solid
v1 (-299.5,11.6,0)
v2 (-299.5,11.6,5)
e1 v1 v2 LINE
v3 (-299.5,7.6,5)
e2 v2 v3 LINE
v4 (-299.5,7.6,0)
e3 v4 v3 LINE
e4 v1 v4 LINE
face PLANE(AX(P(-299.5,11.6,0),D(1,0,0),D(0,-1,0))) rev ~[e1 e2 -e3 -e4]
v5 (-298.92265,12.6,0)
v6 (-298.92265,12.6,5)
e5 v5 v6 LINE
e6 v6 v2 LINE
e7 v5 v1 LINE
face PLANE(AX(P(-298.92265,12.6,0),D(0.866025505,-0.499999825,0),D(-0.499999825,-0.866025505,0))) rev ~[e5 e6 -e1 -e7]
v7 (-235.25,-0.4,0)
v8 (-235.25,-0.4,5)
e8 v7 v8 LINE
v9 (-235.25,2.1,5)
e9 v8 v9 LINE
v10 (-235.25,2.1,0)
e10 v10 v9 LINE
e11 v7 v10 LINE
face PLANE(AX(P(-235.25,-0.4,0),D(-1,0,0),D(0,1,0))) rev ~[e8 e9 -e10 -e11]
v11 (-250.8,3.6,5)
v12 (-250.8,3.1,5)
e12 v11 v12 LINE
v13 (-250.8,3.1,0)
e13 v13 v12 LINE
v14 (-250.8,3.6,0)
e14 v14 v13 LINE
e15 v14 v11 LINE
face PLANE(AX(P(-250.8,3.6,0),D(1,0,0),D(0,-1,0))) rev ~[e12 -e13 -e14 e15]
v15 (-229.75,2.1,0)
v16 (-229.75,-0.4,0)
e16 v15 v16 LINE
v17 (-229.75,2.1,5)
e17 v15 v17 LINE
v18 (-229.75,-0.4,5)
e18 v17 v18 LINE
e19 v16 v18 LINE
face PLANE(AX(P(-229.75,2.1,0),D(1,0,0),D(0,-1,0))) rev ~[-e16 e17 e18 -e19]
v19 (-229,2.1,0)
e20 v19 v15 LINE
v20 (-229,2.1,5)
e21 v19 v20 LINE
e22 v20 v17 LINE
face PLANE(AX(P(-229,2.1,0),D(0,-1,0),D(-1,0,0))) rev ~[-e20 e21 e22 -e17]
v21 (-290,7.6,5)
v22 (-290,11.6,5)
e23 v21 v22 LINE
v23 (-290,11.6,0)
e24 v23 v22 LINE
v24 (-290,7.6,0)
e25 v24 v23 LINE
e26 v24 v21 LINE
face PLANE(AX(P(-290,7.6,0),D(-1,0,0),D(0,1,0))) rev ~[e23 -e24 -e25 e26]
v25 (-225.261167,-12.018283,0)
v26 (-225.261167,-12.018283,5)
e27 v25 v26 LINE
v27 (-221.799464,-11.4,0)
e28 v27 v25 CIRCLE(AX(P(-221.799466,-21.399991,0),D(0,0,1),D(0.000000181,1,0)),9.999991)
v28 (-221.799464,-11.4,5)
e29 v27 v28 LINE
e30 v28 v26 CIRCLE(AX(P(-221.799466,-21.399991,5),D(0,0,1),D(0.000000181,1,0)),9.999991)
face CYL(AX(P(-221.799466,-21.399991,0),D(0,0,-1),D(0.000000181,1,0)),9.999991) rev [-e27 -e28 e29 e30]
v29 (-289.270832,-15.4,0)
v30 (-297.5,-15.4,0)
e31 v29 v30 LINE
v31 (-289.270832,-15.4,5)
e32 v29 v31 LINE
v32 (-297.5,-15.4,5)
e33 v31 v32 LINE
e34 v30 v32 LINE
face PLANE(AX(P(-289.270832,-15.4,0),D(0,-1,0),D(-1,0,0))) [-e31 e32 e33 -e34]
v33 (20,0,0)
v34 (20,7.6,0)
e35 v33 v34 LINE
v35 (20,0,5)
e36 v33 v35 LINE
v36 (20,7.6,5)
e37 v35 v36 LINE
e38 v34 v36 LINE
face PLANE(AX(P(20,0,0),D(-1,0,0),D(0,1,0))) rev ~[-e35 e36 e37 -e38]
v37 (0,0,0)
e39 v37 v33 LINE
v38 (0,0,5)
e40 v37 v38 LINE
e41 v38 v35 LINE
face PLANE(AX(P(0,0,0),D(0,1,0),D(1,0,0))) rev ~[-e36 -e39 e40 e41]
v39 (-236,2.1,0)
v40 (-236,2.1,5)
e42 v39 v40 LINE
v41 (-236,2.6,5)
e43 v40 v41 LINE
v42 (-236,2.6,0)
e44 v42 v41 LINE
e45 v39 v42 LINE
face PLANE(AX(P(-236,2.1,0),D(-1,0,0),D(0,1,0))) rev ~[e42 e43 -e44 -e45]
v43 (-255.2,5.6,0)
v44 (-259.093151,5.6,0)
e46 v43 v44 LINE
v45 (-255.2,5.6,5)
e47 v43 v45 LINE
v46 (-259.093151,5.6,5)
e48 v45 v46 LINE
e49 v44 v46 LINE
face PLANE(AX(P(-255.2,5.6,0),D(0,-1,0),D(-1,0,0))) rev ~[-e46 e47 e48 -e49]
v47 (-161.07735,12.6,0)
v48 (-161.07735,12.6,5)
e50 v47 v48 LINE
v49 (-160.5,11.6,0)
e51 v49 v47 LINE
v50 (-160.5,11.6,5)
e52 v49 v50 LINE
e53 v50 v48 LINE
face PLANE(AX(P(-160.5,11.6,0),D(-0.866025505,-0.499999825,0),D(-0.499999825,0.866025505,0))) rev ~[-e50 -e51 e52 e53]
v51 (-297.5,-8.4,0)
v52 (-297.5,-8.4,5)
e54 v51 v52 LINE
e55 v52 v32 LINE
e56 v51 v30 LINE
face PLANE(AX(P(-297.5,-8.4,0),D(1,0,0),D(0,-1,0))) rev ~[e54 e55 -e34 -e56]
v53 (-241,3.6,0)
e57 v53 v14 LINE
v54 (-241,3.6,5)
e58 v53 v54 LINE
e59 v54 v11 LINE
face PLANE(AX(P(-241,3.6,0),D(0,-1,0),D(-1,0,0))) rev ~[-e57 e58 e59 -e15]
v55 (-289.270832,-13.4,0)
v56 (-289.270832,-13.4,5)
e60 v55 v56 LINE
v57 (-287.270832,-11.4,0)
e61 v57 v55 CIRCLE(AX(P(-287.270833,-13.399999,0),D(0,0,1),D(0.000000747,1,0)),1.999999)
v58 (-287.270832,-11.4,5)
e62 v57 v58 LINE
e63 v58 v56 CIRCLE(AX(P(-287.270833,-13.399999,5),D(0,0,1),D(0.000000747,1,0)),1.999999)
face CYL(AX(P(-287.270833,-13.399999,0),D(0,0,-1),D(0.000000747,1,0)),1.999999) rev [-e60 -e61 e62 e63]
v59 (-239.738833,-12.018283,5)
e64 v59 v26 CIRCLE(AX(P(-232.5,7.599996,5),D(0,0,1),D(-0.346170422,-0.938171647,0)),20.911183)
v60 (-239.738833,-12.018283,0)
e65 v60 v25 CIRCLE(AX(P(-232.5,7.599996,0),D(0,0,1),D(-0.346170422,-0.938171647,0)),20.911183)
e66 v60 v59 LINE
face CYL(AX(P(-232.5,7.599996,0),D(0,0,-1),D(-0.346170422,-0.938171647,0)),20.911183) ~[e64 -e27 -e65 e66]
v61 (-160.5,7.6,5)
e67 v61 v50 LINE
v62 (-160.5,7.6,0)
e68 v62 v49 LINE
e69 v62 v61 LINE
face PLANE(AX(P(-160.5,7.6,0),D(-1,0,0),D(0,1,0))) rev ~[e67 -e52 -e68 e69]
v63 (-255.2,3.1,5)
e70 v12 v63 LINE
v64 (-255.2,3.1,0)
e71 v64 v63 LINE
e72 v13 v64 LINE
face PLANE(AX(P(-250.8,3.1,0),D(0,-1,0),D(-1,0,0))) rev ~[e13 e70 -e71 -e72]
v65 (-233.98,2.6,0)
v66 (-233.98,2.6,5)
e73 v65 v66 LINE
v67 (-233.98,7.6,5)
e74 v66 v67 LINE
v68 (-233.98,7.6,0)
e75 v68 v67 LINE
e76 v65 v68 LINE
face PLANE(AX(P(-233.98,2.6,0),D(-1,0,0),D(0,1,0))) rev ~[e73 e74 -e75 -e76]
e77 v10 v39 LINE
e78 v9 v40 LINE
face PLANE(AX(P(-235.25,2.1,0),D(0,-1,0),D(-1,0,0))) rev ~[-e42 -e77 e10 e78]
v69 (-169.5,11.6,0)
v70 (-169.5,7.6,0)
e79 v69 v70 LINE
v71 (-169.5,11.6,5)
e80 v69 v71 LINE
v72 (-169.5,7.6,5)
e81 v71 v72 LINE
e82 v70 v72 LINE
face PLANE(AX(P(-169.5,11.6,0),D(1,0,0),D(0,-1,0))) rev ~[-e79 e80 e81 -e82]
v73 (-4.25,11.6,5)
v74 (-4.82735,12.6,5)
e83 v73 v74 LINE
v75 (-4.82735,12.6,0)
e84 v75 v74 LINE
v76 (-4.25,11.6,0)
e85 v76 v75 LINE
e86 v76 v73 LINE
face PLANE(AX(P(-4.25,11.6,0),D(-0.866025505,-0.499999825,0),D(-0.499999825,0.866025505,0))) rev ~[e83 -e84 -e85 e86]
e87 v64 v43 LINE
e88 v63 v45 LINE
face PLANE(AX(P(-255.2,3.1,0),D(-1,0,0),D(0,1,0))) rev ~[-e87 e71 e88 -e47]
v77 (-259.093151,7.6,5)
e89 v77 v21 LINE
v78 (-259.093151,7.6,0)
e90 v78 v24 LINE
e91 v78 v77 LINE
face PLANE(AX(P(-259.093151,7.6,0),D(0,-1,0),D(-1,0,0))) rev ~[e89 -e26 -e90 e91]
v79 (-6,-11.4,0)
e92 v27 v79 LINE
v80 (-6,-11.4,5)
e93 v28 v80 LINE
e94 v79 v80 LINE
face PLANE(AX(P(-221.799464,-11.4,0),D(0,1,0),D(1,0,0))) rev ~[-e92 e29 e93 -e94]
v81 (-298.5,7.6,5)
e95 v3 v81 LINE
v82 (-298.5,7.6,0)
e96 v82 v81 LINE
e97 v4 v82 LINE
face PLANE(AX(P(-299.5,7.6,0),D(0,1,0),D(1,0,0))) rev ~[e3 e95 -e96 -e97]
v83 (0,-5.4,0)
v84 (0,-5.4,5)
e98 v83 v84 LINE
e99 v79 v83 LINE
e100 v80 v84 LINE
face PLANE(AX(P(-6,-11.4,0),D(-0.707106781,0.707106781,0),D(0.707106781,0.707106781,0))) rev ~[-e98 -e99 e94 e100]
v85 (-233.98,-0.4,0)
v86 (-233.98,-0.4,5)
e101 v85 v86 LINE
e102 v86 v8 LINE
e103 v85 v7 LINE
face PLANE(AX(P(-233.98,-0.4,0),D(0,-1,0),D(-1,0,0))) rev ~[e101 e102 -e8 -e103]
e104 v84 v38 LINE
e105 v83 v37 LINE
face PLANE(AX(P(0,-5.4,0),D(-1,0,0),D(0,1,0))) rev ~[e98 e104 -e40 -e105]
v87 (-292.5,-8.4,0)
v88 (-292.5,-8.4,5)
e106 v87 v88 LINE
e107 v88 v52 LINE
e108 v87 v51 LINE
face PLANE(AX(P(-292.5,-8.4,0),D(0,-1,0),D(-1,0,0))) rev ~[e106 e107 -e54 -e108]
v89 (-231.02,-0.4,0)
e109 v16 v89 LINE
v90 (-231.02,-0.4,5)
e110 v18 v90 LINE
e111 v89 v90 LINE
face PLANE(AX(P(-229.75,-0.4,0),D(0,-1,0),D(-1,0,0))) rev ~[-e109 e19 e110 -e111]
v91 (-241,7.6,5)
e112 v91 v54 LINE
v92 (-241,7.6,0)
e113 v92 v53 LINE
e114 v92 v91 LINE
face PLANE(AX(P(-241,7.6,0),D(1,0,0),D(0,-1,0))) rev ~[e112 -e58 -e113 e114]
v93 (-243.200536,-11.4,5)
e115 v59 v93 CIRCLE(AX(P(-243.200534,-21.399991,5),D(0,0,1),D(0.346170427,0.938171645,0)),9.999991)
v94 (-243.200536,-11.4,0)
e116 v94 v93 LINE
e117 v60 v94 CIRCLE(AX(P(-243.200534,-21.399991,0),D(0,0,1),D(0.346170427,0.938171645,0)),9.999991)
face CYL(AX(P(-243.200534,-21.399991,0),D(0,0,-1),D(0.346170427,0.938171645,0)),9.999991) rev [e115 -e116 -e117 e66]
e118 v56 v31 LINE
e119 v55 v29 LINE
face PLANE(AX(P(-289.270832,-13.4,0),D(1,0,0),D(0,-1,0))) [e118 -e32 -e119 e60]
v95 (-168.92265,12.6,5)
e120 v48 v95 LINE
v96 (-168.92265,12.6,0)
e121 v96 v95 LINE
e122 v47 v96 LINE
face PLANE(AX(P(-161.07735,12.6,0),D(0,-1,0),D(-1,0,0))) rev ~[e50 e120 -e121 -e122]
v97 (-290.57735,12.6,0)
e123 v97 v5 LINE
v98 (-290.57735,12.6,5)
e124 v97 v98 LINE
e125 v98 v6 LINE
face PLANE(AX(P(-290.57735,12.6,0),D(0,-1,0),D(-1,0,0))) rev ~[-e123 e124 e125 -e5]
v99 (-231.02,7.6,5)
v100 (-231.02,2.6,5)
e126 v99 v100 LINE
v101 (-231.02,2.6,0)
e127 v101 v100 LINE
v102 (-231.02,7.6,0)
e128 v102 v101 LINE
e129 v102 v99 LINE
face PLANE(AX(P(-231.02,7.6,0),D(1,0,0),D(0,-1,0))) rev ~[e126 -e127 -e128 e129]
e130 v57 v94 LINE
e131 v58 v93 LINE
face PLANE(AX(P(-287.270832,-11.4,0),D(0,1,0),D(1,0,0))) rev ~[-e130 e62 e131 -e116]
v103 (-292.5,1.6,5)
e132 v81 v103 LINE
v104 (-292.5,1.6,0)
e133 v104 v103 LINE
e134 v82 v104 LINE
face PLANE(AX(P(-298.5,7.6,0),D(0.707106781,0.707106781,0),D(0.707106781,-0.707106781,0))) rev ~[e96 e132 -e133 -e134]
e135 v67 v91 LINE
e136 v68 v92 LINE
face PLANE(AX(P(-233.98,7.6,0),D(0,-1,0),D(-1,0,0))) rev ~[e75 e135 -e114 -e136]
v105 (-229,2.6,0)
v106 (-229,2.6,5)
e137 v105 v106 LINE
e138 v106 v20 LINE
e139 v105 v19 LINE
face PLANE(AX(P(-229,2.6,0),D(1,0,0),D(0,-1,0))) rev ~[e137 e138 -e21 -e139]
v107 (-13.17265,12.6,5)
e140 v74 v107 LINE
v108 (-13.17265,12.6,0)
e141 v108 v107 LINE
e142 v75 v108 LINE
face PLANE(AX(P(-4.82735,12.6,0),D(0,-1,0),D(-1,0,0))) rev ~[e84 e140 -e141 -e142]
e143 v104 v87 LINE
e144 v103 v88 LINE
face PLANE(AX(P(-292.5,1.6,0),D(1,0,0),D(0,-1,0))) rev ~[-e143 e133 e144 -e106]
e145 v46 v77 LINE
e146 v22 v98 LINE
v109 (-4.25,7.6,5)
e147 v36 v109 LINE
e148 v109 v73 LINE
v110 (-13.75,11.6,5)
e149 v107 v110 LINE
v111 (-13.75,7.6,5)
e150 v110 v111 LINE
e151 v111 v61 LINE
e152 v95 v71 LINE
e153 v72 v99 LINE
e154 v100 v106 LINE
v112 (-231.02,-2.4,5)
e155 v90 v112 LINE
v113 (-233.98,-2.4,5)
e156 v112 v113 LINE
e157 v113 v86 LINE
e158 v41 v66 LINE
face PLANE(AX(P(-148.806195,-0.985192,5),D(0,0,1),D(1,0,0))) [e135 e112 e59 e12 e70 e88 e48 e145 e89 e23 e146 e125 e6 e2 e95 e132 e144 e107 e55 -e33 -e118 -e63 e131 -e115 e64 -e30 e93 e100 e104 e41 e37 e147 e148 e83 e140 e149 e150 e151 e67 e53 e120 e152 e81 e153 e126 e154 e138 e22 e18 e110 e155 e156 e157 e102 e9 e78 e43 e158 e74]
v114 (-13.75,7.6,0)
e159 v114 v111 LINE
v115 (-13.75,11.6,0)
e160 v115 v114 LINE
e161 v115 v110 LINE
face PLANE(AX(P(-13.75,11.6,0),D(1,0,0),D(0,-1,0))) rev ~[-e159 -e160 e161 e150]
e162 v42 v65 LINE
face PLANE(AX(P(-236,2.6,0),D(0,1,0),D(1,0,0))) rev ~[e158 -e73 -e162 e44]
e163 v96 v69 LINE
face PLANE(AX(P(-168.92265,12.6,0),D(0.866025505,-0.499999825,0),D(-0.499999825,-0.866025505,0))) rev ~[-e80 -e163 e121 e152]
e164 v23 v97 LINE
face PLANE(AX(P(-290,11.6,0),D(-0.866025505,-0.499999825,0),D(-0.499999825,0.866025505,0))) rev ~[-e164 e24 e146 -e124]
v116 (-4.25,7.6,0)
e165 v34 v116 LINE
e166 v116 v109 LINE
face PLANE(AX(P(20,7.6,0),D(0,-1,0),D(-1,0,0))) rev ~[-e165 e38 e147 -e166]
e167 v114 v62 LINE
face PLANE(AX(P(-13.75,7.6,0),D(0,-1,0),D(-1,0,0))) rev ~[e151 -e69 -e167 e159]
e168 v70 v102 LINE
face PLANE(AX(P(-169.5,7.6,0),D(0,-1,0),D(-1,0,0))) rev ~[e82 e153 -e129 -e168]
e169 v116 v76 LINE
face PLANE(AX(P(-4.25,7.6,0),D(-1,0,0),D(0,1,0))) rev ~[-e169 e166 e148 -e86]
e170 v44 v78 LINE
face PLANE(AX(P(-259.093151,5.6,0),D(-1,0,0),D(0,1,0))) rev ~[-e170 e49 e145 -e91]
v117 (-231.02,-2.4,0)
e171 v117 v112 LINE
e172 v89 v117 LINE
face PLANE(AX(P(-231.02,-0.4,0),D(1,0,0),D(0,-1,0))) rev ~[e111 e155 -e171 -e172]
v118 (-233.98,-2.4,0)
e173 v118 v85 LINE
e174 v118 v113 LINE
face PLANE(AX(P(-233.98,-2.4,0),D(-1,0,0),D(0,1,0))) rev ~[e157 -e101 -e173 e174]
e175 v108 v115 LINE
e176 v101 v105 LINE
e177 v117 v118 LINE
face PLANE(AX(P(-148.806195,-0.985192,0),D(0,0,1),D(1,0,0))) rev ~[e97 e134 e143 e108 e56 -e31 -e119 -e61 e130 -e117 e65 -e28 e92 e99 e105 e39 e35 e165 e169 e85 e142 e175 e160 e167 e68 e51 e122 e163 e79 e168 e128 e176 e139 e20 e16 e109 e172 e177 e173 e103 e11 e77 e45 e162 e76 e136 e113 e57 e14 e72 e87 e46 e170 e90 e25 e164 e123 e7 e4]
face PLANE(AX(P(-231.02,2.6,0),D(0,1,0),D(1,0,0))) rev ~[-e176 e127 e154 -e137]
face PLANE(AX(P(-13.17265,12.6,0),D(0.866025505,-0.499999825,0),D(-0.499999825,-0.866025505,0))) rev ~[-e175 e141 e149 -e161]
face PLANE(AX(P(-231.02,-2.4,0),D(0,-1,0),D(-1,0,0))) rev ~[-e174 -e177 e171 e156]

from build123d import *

# Parameters (mm, degrees)
PAD_DEPTH = 5


with BuildPart() as part:
    # Sketch059 → Pad (new body)
    with BuildSketch(Plane.XY):
        with BuildLine():
            Line((-4.25, 11.6), (-4.82735, 12.6))
            Line((-4.82735, 12.6), (-13.17265, 12.6))
            Line((-13.17265, 12.6), (-13.75, 11.6))
            Line((-13.75, 11.6), (-13.75, 7.6))
            Line((-13.75, 7.6), (-160.5, 7.6))
            Line((-160.5, 7.6), (-160.5, 11.6))
            Line((-160.5, 11.6), (-161.07735, 12.6))
            Line((-161.07735, 12.6), (-168.92265, 12.6))
            Line((-168.92265, 12.6), (-169.5, 11.6))
            Line((-169.5, 11.6), (-169.5, 7.6))
            Line((-169.5, 7.6), (-231.02, 7.6))
            Line((-231.02, 7.6), (-231.02, 2.6))
            Line((-231.02, 2.6), (-229, 2.6))
            Line((-229, 2.6), (-229, 2.1))
            Line((-229, 2.1), (-229.75, 2.1))
            Line((-229.75, 2.1), (-229.75, -0.4))
            Line((-229.75, -0.4), (-231.02, -0.4))
            Line((-231.02, -0.4), (-231.02, -2.4))
            Line((-231.02, -2.4), (-233.98, -2.4))
            Line((-233.98, -2.4), (-233.98, -0.4))
            Line((-233.98, -0.4), (-235.25, -0.4))
            Line((-235.25, -0.4), (-235.25, 2.1))
            Line((-235.25, 2.1), (-236, 2.1))
            Line((-236, 2.1), (-236, 2.6))
            Line((-236, 2.6), (-233.98, 2.6))
            Line((-233.98, 2.6), (-233.98, 7.6))
            Line((-233.98, 7.6), (-241, 7.6))
            Line((-241, 7.6), (-241, 3.6))
            Line((-241, 3.6), (-250.8, 3.6))
            Line((-250.8, 3.6), (-250.8, 3.1))
            Line((-250.8, 3.1), (-255.2, 3.1))
            Line((-255.2, 3.1), (-255.2, 5.6))
            Line((-255.2, 5.6), (-259.093151, 5.6))
            Line((-259.093151, 5.6), (-259.093151, 7.6))
            Line((-259.093151, 7.6), (-290, 7.6))
            Line((-290, 7.6), (-290, 11.6))
            Line((-290, 11.6), (-290.57735, 12.6))
            Line((-290.57735, 12.6), (-298.92265, 12.6))
            Line((-298.92265, 12.6), (-299.5, 11.6))
            Line((-299.5, 11.6), (-299.5, 7.6))
            Line((-299.5, 7.6), (-298.5, 7.6))
            Line((-298.5, 7.6), (-292.5, 1.6))
            Line((-292.5, 1.6), (-292.5, -8.4))
            Line((-292.5, -8.4), (-297.5, -8.4))
            Line((-297.5, -8.4), (-297.5, -15.4))
            Line((-289.270832, -15.4), (-297.5, -15.4))
            Line((-289.270832, -13.4), (-289.270832, -15.4))
            ThreePointArc((-287.270832, -11.4), (-288.685046, -11.985786), (-289.270832, -13.4))
            Line((-287.270832, -11.4), (-243.200536, -11.4))
            ThreePointArc((-239.738833, -12.018283), (-241.442294, -11.555784), (-243.200536, -11.4))
            ThreePointArc((-239.738833, -12.018283), (-232.5, -13.311187), (-225.261167, -12.018283))
            ThreePointArc((-221.799464, -11.4), (-223.557706, -11.555784), (-225.261167, -12.018283))
            Line((-221.799464, -11.4), (-6, -11.4))
            Line((-6, -11.4), (0, -5.4))
            Line((0, -5.4), (0, 0))
            Line((0, 0), (20, 0))
            Line((20, 0), (20, 7.6))
            Line((20, 7.6), (-4.25, 7.6))
            Line((-4.25, 7.6), (-4.25, 11.6))
        make_face()
    extrude(amount=PAD_DEPTH)


solid = part.part
